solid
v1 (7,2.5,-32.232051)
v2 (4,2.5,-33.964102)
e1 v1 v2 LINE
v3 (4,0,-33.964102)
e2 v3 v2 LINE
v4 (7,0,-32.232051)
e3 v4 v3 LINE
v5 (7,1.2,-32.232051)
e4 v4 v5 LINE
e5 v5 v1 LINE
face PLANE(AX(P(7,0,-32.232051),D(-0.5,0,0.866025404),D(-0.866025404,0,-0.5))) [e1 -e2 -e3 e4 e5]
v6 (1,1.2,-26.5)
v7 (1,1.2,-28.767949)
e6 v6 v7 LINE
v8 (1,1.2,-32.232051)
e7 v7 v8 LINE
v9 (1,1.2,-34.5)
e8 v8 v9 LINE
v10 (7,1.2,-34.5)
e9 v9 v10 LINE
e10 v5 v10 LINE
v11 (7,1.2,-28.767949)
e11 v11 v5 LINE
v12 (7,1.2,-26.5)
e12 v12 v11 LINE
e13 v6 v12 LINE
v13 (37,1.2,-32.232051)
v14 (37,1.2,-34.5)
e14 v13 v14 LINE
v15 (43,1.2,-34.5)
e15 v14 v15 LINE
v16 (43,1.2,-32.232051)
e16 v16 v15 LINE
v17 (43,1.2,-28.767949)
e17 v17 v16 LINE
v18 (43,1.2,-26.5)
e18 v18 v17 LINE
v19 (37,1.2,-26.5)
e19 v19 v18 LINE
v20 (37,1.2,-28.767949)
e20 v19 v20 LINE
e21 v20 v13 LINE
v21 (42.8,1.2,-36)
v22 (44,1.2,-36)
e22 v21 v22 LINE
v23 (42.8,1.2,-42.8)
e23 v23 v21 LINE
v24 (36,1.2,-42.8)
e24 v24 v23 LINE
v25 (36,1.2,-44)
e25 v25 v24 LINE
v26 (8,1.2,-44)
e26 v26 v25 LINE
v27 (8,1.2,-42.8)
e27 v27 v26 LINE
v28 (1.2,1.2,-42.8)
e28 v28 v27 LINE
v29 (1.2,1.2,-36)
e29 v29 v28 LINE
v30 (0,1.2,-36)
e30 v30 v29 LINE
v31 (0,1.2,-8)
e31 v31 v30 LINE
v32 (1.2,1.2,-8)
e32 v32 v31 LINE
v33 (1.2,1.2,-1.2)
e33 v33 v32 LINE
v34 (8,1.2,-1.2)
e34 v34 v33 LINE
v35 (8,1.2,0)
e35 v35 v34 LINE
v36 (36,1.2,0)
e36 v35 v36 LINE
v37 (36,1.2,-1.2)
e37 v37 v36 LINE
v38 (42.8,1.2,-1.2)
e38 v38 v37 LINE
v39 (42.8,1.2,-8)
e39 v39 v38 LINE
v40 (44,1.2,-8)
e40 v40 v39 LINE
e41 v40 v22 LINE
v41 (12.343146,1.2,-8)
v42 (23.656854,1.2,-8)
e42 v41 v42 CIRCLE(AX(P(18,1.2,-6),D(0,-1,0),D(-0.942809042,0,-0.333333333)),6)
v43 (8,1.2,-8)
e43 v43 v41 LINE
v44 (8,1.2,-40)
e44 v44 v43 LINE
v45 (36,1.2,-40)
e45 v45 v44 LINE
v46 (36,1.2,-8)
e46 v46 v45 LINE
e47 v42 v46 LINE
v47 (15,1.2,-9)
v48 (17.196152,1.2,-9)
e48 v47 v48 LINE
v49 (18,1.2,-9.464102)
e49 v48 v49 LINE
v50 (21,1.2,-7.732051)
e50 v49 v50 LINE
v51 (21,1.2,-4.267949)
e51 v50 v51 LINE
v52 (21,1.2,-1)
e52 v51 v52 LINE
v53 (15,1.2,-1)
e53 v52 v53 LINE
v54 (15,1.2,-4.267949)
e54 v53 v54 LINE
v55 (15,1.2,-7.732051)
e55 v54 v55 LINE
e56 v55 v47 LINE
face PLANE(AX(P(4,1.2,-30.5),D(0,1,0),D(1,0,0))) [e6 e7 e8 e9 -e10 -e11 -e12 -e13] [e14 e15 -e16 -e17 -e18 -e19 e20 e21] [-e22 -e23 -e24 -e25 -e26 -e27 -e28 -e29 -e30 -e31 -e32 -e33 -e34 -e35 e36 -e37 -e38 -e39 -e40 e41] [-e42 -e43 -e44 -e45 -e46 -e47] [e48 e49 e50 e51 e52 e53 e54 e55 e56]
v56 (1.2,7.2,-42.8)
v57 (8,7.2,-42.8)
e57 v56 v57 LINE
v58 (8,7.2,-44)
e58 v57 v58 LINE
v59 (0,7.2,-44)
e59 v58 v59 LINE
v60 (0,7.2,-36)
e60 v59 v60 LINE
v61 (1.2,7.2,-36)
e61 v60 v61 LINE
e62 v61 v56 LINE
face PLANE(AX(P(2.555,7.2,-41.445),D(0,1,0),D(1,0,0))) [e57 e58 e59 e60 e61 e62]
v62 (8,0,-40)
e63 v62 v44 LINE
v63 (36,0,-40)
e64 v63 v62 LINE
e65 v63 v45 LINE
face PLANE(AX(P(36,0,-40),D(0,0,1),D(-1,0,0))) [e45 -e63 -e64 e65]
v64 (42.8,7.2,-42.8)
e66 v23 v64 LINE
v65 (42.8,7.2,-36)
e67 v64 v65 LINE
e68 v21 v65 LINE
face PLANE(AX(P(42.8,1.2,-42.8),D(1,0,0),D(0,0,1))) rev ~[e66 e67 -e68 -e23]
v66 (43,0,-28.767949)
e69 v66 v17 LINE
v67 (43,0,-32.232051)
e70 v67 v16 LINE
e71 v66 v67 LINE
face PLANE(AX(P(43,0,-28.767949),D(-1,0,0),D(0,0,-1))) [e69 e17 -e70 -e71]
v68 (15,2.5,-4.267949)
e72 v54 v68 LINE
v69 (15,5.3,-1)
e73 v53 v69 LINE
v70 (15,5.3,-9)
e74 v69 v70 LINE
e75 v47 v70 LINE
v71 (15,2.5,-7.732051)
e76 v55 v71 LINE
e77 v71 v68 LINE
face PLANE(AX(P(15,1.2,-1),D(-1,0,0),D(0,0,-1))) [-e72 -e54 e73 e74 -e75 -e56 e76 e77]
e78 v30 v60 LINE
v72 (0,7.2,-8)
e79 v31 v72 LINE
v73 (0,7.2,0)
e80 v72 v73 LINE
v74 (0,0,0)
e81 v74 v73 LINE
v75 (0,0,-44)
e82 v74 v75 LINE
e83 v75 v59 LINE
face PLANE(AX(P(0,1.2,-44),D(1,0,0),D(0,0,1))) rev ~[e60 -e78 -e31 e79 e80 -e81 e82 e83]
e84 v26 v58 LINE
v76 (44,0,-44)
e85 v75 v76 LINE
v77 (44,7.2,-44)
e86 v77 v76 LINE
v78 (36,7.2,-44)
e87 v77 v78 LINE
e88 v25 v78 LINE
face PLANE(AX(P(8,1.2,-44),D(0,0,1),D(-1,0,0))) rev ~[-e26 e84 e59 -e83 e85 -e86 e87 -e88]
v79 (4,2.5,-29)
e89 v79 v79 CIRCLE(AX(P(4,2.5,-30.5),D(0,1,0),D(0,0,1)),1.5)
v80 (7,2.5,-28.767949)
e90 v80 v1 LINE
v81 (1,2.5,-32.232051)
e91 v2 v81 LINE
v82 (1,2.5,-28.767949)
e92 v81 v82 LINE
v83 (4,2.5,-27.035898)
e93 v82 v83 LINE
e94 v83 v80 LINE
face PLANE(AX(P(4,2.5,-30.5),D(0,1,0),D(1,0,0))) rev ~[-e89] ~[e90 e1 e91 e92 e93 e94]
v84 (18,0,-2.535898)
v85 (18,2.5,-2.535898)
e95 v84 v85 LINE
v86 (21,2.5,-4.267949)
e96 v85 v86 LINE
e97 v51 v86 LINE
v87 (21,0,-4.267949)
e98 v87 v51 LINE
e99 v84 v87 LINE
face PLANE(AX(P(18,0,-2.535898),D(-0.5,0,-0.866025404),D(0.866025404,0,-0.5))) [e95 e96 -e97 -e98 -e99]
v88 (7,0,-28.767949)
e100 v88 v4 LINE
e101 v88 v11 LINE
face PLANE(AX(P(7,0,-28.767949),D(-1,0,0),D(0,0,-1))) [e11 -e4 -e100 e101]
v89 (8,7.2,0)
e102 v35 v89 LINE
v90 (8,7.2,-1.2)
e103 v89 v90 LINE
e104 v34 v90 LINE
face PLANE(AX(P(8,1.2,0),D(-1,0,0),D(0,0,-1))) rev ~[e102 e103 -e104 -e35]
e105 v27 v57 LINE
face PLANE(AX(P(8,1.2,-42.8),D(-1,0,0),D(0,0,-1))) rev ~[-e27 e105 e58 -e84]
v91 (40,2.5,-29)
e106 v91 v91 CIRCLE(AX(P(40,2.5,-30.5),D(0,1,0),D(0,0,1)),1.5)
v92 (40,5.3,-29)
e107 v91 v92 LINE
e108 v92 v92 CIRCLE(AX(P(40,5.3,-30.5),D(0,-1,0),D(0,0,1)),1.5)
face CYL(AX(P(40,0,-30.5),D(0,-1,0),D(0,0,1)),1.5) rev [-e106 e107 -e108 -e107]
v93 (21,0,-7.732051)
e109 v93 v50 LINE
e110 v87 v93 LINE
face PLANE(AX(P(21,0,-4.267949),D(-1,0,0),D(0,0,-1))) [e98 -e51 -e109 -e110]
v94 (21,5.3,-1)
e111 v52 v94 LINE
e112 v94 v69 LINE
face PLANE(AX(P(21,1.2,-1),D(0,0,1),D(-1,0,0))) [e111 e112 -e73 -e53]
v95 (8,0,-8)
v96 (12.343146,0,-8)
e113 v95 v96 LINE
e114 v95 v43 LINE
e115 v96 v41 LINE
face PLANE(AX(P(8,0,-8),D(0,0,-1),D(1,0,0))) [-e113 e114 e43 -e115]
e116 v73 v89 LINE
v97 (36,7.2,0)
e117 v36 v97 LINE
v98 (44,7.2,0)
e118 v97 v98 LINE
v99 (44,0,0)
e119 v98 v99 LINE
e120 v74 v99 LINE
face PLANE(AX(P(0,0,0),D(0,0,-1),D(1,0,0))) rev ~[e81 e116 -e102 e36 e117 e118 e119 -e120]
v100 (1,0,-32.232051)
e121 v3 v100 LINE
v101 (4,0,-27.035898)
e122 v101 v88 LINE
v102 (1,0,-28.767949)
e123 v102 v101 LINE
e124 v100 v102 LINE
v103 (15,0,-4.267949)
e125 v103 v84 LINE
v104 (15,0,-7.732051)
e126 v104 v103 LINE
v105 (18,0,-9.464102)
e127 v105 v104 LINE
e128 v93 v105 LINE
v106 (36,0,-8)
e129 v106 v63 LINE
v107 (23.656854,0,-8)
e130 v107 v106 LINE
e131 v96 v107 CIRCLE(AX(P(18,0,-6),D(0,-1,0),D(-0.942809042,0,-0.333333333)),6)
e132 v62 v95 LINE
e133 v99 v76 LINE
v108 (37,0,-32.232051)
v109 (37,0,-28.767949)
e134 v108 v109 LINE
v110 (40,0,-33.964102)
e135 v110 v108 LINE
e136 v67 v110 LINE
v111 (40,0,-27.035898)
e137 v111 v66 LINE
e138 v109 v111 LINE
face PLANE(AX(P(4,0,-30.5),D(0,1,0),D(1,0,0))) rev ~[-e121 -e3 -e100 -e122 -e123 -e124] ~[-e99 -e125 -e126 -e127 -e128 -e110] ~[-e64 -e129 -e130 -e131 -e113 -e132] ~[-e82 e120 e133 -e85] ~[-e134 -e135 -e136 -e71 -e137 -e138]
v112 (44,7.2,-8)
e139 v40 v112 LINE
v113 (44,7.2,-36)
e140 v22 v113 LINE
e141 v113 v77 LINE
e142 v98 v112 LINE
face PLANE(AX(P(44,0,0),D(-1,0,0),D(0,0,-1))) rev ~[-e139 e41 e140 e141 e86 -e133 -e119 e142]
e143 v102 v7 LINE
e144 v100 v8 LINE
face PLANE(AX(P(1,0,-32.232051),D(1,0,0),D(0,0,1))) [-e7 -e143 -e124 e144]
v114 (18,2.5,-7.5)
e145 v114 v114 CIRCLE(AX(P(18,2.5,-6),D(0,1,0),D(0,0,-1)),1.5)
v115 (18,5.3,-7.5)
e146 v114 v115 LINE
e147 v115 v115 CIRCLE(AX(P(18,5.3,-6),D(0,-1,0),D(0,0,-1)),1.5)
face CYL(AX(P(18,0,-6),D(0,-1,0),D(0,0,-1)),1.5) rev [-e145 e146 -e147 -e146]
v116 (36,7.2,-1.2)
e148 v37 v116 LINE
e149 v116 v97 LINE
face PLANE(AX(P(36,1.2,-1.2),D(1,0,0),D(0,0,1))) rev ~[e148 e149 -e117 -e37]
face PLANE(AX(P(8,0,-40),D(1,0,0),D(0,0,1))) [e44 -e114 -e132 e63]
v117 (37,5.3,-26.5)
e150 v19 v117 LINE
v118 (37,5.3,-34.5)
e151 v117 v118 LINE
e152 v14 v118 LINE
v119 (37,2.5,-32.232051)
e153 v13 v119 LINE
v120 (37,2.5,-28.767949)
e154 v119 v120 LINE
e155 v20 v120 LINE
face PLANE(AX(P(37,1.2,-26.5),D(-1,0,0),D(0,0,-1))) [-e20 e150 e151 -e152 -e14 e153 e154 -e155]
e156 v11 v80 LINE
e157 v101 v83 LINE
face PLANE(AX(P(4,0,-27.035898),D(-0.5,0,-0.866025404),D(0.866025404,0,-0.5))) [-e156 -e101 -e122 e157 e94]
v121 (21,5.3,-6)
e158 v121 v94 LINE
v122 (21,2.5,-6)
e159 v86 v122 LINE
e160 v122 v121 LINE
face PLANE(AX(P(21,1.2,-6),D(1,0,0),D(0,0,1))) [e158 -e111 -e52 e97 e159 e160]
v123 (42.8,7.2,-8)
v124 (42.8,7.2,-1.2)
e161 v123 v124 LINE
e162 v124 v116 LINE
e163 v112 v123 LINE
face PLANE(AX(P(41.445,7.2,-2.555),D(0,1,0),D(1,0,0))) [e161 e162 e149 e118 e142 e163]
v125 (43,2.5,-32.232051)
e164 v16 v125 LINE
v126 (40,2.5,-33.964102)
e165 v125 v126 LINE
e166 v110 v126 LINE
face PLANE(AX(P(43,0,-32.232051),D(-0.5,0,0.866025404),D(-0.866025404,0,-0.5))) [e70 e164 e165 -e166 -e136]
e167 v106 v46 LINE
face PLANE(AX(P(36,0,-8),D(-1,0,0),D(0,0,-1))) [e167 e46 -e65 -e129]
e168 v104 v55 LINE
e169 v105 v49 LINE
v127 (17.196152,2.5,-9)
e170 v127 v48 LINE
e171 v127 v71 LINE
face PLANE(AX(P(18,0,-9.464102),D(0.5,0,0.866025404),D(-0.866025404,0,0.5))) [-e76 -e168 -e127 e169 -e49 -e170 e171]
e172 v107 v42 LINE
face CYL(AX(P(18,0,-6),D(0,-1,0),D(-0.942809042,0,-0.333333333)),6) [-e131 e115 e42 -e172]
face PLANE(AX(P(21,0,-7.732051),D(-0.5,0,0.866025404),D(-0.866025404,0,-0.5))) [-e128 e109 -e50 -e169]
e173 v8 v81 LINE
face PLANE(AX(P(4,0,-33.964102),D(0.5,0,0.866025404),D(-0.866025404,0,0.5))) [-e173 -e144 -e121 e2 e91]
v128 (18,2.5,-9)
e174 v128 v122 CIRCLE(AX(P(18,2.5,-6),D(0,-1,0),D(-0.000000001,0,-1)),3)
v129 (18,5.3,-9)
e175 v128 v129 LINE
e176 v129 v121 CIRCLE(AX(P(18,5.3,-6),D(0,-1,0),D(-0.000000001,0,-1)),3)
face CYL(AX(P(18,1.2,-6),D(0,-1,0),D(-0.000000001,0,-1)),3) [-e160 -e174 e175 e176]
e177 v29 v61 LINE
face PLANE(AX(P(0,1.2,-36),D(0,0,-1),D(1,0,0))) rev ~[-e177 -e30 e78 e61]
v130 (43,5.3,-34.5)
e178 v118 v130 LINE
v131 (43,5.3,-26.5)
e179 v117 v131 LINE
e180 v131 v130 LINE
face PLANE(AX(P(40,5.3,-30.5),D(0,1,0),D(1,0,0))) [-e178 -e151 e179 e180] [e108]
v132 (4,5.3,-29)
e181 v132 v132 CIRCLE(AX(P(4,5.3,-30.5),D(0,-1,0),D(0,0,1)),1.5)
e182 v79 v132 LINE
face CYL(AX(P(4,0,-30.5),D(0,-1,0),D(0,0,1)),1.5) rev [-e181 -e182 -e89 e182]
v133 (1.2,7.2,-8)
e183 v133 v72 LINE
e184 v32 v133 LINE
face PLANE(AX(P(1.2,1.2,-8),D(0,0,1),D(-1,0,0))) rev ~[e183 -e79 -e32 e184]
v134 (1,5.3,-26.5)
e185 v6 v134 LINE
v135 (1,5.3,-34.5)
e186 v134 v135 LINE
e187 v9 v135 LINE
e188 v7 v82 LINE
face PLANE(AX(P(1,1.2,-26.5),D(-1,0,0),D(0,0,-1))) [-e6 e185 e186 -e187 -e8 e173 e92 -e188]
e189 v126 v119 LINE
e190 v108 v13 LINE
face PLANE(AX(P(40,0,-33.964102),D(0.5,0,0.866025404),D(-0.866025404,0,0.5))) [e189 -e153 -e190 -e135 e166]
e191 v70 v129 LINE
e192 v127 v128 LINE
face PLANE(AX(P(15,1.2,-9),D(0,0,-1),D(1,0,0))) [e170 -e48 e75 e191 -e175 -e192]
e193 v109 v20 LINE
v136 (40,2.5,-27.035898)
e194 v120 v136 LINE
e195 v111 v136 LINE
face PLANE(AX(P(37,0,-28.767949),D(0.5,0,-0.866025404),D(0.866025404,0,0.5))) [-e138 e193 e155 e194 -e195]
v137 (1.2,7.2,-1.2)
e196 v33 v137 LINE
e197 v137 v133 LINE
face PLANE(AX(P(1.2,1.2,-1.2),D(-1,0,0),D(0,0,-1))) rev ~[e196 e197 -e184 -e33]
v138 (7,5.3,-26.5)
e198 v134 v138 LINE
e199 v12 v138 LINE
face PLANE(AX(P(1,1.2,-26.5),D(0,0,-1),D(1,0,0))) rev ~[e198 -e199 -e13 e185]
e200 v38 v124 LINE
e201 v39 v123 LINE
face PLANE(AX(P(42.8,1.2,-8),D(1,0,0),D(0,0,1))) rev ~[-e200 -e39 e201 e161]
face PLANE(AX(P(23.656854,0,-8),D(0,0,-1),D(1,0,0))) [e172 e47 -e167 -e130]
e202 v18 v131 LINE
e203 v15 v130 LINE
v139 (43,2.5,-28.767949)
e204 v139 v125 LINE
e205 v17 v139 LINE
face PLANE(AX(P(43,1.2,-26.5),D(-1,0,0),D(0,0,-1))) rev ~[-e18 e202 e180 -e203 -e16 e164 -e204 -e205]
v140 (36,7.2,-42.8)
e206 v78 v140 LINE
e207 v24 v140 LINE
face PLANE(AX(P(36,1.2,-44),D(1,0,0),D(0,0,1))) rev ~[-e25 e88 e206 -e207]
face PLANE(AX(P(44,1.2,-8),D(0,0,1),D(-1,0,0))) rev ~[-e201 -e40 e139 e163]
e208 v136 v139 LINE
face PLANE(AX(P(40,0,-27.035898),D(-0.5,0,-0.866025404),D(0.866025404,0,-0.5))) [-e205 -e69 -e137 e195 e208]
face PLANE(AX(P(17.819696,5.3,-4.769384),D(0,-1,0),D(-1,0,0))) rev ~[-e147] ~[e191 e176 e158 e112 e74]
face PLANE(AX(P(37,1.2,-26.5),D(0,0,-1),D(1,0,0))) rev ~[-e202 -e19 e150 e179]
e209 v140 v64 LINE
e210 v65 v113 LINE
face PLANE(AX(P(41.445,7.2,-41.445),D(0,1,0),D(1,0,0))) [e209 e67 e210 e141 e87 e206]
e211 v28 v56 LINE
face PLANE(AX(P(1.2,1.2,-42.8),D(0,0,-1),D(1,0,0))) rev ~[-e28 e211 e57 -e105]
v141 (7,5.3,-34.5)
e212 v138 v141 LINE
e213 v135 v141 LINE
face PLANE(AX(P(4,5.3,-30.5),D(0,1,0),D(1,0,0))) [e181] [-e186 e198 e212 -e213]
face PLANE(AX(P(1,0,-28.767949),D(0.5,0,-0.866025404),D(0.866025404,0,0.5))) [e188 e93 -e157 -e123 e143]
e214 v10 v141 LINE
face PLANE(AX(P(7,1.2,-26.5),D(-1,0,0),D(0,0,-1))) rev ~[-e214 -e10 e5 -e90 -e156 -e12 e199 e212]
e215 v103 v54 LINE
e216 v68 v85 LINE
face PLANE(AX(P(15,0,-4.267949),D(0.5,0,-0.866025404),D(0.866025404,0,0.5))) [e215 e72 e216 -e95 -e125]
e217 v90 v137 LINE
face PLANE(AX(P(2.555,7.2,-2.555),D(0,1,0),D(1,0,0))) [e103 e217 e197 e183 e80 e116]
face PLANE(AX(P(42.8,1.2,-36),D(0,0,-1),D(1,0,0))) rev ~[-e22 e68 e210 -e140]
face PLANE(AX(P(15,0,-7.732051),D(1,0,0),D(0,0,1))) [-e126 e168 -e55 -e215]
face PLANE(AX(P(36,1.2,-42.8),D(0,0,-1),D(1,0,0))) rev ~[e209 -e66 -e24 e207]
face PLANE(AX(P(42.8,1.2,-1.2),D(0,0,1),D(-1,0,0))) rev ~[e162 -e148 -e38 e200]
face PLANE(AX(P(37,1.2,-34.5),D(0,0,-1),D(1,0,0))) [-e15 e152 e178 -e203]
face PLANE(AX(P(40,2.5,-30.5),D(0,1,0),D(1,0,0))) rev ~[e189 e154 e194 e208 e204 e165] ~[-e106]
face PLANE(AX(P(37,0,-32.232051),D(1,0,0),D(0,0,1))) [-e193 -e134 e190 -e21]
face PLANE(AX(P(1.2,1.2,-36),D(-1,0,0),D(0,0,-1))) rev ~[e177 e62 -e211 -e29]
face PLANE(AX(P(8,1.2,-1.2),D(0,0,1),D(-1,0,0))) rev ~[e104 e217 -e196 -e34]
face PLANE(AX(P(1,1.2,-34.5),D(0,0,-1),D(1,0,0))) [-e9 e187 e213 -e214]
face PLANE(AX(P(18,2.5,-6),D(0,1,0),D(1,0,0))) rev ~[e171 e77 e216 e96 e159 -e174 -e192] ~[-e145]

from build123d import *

# Parameters (mm, degrees)
SKETCH1_W           = 44
SKETCH1_H           = 44
SKETCH1_R           = 1.5
BOSS_EXTRUDE1_DEPTH = 1.2
BOSS_EXTRUDE4_DEPTH = 6
SKETCH5_W           = 6
SKETCH5_H           = 8
BOSS_EXTRUDE8_DEPTH = 4.1
SKETCH1_3_R         = 1.5
CUT_EXTRUDE1_DEPTH  = 2.5
SKETCH1_4_R         = 1.5
CUT_EXTRUDE2_DEPTH  = 63.640561939


with BuildPart() as part:
    # Sketch1 → Boss-Extrude1 (new body)
    with BuildSketch(Plane(origin=(0, 0, 0), x_dir=(1, 0, 0), z_dir=(0, 1, 0))):
        with Locations((22, 22)):
            Rectangle(SKETCH1_W, SKETCH1_H)
        with BuildLine():
            Line((36, 8), (23.656854249, 8))
            ThreePointArc((23.656854249, 8), (18, 12), (12.343145751, 8))
            Line((12.343145751, 8), (8, 8))
            Line((8, 8), (8, 40))
            Line((8, 40), (36, 40))
            Line((36, 40), (36, 8))
        make_face(mode=Mode.SUBTRACT)
        with Locations((18, 6)):
            Circle(SKETCH1_R, mode=Mode.SUBTRACT)
        with Locations((4, 30.5)):
            Circle(SKETCH1_R, mode=Mode.SUBTRACT)
        with Locations((40, 30.5)):
            Circle(SKETCH1_R, mode=Mode.SUBTRACT)
    extrude(amount=BOSS_EXTRUDE1_DEPTH)

    # Sketch4 → Boss-Extrude4 (add)
    with BuildSketch(Plane(origin=(0, 1.2, 0), x_dir=(1, 0, 0), z_dir=(0, 1, 0))):
        Polygon((8, 44), (0, 44), (0, 36), (1.2, 36), (1.2, 42.8), (8, 42.8), align=None)
        Polygon((44, 44), (36, 44), (36, 42.8), (42.8, 42.8), (42.8, 36), (44, 36), align=None)
        Polygon((1.2, 8), (0, 8), (0, 0), (8, 0), (8, 1.2), (1.2, 1.2), align=None)
        Polygon((44, 8), (42.8, 8), (42.8, 1.2), (36, 1.2), (36, 0), (44, 0), align=None)
    extrude(amount=BOSS_EXTRUDE4_DEPTH)

    # Sketch5 → Boss-Extrude8 (add)
    with BuildSketch(Plane(origin=(0, 1.2, 0), x_dir=(1, 0, 0), z_dir=(0, 1, 0))):
        with Locations((4, 30.5)):
            Rectangle(SKETCH5_W, SKETCH5_H)
        with Locations((40, 30.5)):
            Rectangle(SKETCH5_W, SKETCH5_H)
        with BuildLine():
            Line((15, 9), (18, 9))
            ThreePointArc((18, 9), (20.121320344, 8.121320344), (21, 6))
            Line((21, 6), (21, 1))
            Line((21, 1), (15, 1))
            Line((15, 1), (15, 9))
        make_face()
    extrude(amount=BOSS_EXTRUDE8_DEPTH)

    # Sketch1<3> → Cut-Extrude1 (cut)
    # profile 1 of 3: a face of its own
    with BuildSketch(Plane(origin=(0, 0, 0), x_dir=(1, 0, 0), z_dir=(0, 1, 0))):
        Polygon((4, 33.964101615), (1, 32.232050808), (1, 28.767949192), (4, 27.035898385), (7, 28.767949192), (7, 32.232050808), align=None)
        with Locations((4, 30.5)):
            Circle(SKETCH1_3_R, mode=Mode.SUBTRACT)
    # profile 2 of 3: a face of its own
    with BuildSketch(Plane(origin=(0, 0, 0), x_dir=(1, 0, 0), z_dir=(0, 1, 0))):
        Polygon((40, 33.964101615), (37, 32.232050808), (37, 28.767949192), (40, 27.035898385), (43, 28.767949192), (43, 32.232050808), align=None)
        with Locations((40, 30.5)):
            Circle(SKETCH1_3_R, mode=Mode.SUBTRACT)
    # profile 3 of 3: a face of its own
    with BuildSketch(Plane(origin=(0, 0, 0), x_dir=(1, 0, 0), z_dir=(0, 1, 0))):
        Polygon((18, 9.464101615), (15, 7.732050808), (15, 4.267949192), (18, 2.535898385), (21, 4.267949192), (21, 7.732050808), align=None)
        with Locations((18, 6)):
            Circle(SKETCH1_3_R, mode=Mode.SUBTRACT)
    extrude(amount=CUT_EXTRUDE1_DEPTH, mode=Mode.SUBTRACT)

    # Sketch1<4> → Cut-Extrude2 (cut, through all)
    with BuildSketch(Plane(origin=(0, 0, 0), x_dir=(1, 0, 0), z_dir=(0, 1, 0))):
        with Locations((4, 30.5)):
            Circle(SKETCH1_4_R)
        with Locations((40, 30.5)):
            Circle(SKETCH1_4_R)
        with Locations((18, 6)):
            Circle(SKETCH1_4_R)
    extrude(amount=CUT_EXTRUDE2_DEPTH, mode=Mode.SUBTRACT)


solid = part.part
